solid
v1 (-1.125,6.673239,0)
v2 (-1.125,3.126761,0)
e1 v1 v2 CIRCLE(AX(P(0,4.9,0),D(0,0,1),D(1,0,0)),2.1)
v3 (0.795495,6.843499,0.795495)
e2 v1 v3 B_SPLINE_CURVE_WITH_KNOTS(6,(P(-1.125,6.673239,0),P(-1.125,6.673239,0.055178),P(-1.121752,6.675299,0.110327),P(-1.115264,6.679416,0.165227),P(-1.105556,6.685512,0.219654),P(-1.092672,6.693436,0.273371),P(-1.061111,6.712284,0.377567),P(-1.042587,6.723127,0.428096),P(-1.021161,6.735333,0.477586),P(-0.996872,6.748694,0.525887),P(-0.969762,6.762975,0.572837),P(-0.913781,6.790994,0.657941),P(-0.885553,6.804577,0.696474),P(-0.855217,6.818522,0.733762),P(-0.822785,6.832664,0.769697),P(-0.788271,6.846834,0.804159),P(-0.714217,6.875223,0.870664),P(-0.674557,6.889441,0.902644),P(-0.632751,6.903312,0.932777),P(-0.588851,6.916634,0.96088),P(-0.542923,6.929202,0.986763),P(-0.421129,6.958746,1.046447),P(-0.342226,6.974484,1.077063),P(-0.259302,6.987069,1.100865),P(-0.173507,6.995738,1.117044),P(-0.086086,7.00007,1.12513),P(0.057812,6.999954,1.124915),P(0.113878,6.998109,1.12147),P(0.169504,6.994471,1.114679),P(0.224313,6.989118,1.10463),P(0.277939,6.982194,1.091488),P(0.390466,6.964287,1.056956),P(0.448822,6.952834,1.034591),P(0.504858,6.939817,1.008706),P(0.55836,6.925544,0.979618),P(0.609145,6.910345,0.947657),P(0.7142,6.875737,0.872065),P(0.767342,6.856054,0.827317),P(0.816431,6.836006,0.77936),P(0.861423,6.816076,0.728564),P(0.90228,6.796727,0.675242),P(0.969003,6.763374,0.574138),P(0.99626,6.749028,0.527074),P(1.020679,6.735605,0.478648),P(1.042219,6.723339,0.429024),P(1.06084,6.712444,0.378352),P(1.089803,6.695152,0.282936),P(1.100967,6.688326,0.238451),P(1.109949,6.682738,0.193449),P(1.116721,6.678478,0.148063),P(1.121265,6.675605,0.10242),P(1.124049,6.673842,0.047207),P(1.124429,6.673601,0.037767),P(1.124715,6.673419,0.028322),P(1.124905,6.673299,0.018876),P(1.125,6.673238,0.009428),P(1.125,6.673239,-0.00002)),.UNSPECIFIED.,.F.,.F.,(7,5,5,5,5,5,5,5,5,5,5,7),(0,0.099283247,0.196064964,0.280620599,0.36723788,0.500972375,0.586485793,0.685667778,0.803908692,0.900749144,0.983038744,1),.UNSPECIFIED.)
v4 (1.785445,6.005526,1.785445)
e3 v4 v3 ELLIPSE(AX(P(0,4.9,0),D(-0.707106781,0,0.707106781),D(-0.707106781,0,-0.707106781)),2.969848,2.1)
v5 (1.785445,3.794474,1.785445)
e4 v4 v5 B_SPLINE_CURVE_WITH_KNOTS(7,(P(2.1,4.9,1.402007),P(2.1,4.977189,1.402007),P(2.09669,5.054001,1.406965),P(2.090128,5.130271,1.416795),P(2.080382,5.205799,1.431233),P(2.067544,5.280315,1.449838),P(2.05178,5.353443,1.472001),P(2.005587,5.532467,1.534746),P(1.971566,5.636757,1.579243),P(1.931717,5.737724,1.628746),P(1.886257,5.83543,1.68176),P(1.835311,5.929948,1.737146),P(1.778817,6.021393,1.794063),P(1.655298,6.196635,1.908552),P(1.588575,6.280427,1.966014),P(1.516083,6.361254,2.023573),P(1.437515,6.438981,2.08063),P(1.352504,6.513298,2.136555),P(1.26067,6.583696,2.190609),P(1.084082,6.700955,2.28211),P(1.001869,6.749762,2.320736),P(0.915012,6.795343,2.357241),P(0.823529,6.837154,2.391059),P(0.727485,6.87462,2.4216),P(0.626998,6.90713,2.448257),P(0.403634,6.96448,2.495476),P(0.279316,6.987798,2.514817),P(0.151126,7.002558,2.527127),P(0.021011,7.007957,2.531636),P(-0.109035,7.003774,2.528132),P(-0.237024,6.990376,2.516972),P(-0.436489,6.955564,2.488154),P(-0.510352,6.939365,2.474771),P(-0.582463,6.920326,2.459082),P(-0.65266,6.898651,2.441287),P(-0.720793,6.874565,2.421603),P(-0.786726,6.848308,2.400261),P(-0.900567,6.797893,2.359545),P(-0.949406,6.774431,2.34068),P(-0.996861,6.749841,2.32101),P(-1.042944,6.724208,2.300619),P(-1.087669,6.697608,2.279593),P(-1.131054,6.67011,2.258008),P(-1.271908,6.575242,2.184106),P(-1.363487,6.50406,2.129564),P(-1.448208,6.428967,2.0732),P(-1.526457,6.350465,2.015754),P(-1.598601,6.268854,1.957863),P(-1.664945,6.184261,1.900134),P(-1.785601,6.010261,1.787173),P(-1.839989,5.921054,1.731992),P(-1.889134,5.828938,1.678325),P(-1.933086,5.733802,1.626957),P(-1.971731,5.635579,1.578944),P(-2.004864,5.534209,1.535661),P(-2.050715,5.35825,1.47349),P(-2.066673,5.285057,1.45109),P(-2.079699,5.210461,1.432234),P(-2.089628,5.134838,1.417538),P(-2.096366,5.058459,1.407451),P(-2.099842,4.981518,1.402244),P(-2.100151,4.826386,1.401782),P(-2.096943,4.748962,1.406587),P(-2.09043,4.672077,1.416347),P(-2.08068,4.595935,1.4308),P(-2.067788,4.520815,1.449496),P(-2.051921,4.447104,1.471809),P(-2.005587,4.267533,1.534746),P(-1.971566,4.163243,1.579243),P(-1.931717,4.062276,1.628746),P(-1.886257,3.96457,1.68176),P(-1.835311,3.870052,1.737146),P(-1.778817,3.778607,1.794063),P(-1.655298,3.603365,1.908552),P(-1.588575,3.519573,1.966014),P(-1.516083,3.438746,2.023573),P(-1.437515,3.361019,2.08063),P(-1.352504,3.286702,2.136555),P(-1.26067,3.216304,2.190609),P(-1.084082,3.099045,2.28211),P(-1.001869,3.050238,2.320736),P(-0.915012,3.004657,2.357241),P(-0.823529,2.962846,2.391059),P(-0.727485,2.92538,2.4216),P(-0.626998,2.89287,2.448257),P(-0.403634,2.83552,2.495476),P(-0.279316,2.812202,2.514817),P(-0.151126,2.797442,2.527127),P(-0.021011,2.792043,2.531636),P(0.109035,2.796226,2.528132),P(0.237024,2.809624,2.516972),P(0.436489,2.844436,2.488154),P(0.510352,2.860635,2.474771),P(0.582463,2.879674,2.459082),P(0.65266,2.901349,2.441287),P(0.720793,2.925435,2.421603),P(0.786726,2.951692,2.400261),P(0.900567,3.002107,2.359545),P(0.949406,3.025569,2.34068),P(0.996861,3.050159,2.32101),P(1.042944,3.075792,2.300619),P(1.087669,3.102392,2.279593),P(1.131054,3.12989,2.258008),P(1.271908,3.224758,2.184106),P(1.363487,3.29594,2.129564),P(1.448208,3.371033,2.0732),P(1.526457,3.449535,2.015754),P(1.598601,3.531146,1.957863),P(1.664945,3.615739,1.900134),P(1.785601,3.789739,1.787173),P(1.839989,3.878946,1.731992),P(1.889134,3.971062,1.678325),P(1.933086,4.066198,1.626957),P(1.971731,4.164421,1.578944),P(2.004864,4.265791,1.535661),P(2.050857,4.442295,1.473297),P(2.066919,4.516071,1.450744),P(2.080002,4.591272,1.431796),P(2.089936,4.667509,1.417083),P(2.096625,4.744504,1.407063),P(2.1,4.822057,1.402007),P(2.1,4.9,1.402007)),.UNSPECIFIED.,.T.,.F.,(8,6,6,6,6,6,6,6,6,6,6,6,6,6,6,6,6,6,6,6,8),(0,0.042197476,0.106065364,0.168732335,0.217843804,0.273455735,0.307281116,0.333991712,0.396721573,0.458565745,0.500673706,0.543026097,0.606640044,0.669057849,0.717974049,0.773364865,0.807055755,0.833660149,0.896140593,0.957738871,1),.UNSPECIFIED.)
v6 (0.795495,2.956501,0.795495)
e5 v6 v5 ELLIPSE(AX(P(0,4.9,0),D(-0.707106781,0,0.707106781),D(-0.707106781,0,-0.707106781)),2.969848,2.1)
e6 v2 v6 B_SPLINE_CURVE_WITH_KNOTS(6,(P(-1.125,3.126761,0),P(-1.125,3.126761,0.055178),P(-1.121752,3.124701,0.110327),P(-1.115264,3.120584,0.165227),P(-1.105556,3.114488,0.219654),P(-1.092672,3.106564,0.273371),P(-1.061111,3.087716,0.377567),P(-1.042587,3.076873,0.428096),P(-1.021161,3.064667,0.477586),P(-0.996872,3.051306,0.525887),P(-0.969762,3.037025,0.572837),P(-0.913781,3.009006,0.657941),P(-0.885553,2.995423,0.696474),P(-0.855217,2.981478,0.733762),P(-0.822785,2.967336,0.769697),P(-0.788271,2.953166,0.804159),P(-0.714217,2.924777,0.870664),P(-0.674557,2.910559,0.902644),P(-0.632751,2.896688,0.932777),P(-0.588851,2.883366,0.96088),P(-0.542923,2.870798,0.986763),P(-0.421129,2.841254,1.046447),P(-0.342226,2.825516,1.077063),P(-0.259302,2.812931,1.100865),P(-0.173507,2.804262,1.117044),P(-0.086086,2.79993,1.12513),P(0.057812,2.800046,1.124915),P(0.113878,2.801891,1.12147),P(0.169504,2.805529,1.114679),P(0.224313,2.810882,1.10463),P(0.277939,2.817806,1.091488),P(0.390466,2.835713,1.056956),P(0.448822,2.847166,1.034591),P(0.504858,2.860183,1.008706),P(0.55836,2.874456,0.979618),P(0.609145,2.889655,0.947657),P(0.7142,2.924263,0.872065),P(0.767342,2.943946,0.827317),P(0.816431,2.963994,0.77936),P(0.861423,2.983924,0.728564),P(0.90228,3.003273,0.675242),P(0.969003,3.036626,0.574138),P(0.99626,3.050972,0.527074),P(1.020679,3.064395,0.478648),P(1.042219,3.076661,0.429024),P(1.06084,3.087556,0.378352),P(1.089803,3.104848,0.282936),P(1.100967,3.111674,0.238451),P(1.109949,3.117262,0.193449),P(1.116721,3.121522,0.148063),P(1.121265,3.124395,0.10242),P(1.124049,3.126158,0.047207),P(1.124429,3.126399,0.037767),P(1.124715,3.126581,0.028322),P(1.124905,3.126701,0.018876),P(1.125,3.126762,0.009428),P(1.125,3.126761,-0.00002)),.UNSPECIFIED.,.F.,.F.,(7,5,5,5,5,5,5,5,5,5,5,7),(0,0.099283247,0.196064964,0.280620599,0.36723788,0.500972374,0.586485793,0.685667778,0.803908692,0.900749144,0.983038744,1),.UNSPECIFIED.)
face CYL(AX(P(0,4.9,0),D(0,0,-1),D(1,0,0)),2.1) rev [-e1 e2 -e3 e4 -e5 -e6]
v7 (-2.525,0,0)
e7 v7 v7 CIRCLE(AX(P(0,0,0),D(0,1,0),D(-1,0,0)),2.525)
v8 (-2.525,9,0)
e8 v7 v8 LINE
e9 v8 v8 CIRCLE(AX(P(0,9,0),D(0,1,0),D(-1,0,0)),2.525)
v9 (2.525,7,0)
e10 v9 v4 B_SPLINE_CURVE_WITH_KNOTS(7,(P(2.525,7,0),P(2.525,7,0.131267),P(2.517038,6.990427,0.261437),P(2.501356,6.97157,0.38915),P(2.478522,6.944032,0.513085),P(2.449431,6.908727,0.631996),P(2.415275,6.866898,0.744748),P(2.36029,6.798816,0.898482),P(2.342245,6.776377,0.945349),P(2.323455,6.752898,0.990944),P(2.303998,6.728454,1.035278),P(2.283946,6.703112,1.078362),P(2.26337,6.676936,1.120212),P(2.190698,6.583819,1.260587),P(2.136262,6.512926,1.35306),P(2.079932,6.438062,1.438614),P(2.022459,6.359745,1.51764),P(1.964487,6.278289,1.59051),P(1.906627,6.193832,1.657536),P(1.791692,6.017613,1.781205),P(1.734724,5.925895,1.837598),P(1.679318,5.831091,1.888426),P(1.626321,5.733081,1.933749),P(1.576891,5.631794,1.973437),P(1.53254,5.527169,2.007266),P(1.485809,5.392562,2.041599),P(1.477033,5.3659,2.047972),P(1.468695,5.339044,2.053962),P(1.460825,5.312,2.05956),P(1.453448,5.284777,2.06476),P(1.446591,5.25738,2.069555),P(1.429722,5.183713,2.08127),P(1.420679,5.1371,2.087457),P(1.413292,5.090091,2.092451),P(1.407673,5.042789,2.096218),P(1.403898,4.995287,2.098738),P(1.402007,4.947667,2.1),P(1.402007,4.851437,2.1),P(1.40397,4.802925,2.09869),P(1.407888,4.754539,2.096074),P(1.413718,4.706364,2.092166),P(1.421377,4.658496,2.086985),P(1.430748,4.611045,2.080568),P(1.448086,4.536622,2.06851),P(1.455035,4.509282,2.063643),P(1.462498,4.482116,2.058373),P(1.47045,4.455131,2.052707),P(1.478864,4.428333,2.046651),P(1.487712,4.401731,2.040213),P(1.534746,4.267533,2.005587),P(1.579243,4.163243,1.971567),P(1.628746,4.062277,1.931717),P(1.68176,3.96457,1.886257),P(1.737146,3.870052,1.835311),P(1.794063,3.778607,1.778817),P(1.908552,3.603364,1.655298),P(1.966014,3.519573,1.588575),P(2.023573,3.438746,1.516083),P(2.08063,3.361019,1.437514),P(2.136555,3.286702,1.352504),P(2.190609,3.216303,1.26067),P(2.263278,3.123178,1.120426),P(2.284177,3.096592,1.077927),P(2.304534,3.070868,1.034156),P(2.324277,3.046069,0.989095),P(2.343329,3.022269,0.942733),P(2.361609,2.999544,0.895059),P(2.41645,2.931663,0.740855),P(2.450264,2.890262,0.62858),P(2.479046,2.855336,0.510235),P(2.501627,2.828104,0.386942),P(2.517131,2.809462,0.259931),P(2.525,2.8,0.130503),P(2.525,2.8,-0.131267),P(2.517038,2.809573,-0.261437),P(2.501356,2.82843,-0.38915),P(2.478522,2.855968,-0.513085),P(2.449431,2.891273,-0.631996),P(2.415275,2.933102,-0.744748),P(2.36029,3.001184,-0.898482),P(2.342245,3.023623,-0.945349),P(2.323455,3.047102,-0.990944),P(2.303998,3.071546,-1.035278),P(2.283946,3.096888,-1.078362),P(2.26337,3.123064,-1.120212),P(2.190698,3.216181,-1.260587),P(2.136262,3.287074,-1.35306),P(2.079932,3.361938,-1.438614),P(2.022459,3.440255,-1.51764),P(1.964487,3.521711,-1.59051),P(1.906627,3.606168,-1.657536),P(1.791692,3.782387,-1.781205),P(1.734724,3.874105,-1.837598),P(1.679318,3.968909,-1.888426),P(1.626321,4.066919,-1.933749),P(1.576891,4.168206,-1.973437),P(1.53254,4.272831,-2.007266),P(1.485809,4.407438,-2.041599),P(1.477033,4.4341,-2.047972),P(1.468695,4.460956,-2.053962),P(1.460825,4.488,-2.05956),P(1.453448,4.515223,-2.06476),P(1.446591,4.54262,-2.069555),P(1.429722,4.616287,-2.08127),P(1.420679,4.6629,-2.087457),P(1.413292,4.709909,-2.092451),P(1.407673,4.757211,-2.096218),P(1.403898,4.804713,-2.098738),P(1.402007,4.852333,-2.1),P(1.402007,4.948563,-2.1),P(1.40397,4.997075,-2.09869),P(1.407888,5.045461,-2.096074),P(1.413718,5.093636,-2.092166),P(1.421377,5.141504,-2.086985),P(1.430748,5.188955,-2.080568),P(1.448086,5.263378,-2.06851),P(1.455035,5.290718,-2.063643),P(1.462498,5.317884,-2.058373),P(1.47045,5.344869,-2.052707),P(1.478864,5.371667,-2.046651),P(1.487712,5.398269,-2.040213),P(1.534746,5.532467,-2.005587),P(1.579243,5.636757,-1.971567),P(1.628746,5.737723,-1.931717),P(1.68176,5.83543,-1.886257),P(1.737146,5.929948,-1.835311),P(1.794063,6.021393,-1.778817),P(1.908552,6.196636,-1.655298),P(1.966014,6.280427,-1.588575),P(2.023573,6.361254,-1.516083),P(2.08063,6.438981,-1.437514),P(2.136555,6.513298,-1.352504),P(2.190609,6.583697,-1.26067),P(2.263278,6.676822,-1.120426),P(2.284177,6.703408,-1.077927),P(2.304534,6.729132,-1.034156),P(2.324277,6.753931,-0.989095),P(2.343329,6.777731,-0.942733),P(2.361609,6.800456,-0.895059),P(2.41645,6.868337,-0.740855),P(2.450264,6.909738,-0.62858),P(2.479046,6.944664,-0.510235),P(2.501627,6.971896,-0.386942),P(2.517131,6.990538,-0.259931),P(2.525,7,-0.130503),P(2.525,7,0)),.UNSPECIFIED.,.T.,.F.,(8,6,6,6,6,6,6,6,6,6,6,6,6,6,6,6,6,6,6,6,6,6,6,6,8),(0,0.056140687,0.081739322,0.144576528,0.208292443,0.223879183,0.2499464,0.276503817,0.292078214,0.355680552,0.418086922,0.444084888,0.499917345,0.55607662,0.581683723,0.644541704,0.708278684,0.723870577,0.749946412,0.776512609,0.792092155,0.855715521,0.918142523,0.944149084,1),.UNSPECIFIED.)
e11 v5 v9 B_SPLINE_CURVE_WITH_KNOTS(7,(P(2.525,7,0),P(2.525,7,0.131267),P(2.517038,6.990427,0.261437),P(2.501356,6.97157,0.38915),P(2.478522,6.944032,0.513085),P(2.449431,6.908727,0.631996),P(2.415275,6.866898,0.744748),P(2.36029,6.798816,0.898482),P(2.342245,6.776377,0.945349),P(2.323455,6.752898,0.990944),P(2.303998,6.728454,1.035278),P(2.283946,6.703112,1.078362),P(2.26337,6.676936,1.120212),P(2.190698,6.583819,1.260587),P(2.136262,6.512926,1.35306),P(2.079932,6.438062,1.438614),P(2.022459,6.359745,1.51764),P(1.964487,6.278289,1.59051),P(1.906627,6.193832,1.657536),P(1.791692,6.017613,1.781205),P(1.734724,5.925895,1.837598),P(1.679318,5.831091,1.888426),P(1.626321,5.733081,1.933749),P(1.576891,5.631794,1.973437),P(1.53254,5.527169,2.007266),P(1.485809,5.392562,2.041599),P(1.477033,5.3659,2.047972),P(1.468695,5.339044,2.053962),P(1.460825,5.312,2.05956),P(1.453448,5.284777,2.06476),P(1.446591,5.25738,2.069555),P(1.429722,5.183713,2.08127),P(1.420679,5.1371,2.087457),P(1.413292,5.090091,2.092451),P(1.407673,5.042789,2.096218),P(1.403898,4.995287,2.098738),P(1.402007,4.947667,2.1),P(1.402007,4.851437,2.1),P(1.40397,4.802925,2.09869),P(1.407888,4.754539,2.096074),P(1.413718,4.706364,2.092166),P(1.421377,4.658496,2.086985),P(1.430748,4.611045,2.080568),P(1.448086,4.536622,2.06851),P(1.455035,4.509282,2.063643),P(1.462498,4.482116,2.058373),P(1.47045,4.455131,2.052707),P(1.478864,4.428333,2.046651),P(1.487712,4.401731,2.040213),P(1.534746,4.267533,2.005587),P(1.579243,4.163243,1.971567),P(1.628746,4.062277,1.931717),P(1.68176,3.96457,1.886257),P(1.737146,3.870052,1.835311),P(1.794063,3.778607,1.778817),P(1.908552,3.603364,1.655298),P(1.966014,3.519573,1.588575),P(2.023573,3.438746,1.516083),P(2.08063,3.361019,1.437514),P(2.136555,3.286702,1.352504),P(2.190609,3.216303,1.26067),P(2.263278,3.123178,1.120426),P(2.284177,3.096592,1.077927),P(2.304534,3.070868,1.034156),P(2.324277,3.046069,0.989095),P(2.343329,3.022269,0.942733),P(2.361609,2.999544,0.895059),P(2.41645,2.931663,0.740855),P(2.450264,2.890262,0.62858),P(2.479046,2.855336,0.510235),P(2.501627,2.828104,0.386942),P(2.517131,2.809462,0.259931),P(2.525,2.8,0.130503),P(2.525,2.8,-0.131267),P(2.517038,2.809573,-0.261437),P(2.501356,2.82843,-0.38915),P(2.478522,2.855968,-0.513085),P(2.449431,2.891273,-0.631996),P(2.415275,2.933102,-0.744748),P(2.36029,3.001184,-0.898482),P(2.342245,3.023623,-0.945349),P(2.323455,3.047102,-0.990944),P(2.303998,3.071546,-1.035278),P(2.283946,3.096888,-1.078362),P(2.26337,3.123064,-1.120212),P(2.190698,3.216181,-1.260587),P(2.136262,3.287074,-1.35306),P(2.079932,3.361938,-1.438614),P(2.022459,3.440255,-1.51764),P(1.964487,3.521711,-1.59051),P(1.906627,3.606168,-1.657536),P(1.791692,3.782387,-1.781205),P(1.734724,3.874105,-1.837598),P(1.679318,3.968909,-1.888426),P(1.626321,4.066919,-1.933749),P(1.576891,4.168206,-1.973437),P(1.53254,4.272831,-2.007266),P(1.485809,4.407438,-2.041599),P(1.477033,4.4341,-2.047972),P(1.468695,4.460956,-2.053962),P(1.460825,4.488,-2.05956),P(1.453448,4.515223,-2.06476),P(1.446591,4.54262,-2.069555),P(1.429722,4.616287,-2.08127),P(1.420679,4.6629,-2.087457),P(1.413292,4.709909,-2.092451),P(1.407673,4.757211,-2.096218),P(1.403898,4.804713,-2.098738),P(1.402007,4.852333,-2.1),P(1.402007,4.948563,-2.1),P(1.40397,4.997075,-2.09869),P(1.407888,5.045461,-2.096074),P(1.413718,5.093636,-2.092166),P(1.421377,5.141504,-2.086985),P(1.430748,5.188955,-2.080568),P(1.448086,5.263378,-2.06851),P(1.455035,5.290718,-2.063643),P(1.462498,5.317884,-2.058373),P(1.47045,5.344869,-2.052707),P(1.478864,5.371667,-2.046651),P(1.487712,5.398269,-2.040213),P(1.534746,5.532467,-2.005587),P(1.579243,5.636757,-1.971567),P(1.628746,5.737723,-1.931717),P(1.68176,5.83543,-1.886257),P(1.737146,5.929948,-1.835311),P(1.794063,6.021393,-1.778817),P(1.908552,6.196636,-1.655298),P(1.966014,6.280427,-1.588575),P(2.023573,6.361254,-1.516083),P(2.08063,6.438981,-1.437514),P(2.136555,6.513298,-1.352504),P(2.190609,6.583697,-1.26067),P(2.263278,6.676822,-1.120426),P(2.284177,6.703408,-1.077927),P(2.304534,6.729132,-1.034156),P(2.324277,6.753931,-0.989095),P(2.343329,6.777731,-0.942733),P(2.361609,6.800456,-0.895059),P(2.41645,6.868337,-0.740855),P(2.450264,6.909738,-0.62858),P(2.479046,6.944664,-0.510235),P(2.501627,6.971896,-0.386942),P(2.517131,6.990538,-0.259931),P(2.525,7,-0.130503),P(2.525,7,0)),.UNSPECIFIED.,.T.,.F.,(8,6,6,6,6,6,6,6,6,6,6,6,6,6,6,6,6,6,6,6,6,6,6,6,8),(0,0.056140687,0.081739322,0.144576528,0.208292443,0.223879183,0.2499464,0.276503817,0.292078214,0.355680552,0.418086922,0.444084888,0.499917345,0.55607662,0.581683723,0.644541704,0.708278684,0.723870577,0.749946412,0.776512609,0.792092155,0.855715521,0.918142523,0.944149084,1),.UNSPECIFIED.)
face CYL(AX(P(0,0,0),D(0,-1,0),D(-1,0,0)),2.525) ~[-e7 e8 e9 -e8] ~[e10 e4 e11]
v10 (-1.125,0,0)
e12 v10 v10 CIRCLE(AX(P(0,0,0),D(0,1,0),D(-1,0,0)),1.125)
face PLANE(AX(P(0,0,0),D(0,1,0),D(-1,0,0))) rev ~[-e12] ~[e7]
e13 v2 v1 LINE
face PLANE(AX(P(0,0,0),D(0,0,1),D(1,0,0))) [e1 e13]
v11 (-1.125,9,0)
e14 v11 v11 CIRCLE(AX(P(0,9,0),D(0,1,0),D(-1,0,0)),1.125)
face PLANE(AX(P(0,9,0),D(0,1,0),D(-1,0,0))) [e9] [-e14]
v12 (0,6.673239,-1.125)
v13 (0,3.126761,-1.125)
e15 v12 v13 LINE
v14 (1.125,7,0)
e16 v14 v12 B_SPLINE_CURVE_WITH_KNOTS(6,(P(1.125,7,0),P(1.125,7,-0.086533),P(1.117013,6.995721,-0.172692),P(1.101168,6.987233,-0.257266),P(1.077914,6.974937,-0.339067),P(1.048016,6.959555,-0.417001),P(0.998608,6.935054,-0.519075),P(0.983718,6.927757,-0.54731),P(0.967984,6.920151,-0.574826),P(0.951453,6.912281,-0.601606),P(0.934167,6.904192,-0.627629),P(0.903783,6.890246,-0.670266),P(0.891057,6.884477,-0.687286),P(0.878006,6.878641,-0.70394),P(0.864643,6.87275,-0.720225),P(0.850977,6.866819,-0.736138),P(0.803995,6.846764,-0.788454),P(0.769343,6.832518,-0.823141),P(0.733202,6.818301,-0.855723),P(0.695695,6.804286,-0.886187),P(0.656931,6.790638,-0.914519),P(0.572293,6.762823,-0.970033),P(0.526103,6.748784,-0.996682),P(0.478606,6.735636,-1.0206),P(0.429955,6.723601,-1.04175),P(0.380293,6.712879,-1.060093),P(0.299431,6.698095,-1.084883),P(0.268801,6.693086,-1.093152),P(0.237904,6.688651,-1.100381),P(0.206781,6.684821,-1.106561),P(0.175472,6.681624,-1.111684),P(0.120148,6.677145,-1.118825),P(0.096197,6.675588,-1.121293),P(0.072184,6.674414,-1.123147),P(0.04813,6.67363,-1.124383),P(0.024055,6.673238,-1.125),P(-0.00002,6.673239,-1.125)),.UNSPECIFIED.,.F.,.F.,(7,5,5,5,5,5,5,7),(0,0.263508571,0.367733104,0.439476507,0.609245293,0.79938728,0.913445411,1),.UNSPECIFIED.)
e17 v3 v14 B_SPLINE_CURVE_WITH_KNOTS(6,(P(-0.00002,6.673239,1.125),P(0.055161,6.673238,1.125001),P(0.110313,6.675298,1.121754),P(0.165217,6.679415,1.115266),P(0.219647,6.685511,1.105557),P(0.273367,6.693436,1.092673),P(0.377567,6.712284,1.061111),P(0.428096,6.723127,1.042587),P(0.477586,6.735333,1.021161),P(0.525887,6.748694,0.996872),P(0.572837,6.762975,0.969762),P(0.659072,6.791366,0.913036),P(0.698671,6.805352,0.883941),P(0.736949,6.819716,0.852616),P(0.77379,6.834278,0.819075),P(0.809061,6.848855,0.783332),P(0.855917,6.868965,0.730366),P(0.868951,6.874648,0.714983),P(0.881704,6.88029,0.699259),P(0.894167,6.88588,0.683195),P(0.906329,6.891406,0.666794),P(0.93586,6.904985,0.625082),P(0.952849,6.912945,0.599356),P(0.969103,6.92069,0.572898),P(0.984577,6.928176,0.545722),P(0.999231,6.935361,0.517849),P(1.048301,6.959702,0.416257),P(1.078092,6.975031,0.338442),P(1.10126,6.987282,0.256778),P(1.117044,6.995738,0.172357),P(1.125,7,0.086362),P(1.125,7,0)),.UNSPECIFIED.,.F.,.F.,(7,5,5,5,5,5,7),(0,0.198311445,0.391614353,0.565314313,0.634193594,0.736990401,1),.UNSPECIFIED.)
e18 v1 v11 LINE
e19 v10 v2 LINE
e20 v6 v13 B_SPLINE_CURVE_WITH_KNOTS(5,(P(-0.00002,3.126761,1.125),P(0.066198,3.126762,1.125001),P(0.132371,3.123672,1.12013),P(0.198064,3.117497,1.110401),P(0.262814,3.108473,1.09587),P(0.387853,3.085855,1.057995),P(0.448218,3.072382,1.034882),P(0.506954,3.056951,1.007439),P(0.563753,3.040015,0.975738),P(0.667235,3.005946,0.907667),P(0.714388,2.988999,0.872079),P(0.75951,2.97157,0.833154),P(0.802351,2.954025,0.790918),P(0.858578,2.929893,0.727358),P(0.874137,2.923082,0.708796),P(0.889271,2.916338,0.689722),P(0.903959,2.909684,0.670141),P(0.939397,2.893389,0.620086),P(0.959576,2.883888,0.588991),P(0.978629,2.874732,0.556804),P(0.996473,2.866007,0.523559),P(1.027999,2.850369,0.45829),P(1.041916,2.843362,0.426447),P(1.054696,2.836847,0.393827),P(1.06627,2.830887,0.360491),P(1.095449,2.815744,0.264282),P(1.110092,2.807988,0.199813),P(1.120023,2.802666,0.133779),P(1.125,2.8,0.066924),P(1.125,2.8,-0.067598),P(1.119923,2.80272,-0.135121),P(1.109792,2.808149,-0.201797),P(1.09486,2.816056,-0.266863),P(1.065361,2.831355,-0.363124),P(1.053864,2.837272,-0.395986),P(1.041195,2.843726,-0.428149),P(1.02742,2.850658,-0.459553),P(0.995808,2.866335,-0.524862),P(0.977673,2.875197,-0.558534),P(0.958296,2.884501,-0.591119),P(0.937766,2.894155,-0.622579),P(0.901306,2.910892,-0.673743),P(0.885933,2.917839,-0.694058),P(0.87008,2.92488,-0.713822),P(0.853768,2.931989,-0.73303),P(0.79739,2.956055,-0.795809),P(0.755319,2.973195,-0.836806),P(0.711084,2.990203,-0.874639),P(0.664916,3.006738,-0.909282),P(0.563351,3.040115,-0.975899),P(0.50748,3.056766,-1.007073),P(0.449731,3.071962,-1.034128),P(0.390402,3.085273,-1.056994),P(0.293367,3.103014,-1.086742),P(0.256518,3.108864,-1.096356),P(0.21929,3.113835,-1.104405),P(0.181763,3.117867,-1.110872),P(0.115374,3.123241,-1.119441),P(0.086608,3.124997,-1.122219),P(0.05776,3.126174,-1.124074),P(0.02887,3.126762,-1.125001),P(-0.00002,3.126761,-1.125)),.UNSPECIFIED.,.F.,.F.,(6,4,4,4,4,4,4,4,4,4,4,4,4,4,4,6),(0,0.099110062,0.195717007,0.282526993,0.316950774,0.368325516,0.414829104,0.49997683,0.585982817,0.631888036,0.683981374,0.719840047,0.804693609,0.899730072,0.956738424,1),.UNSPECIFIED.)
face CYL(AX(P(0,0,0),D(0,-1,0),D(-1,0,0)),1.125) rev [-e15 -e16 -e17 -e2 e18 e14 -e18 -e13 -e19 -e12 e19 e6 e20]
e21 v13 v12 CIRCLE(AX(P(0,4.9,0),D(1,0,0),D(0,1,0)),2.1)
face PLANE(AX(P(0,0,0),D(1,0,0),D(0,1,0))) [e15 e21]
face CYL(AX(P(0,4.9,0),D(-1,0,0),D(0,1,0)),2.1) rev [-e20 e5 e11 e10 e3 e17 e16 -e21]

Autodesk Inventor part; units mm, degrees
ref_plane "YZ Plane" through (0, 0, 0) normal (1, 0, 0) x (0, 1, 0)
ref_plane "XZ Plane" through (0, 0, 0) normal (0, 1, 0) x (-1, 0, 0)
ref_plane "XY Plane" through (0, 0, 0) normal (0, 0, 1) x (1, 0, 0)
sketch "Sketch1" plane through (0, 0, 0) normal (0, 1, 0) x (-1, 0, 0)
  circle A0 centre (0, 0) radius 1.125
  circle A1 centre (0, 0) radius 2.525
  dimension "d0" = 2.25
  dimension "d1" = 5.05
extrude "Extrusion1" add sketch "Sketch1" along normal blind 9
sketch "Sketch2" plane through (0, 0, 0) normal (0, 0, 1) x (1, 0, 0)
  line L0 (2.525, 9) -> (-2.525, 9) projected
  line L1 (2.525, 0) -> (-2.525, 0) projected
  line L2 (-2.525, 0) -> (-2.525, 9) projected
  line L3 (-2.525, 7) -> (2.5173, 7)
  line L4 (2.525, 9) -> (-2.525, 9) projected
  line L5 (0, 9) -> (0, 0)
  circle A0 centre (0, 4.9) radius 2.1
  dimension "d4" = 2
  dimension "d5" = 4.2
extrude "Extrusion2" cut sketch "Sketch2" along normal blind 12 contours A0 L5 | L5 A0
sketch "Sketch3" plane through (0, 0, 0) normal (1, 0, 0) x (0, 1, 0)
  line L0 (9, -2.525) -> (9, 2.525) projected
  line L1 (0, -2.525) -> (0, 2.525) projected
  line L2 (0, 2.525) -> (9, 2.525) projected
  line L3 (7, 2.525) -> (7, -2.525)
  line L4 (9, 1.125) -> (9, -1.125) projected
  line L5 (9, 0) -> (0, 0)
  circle A0 centre (4.9, 0) radius 2.1
  point P0 (4.9, 1.402)
  dimension "d8" = 2
  dimension "d9" = 4.2
extrude "Extrusion3" cut sketch "Sketch3" along normal up to next contours A0 L5 | L5 A0
properties part number "motor_shaft_adapter" material "ABS Plastic"
